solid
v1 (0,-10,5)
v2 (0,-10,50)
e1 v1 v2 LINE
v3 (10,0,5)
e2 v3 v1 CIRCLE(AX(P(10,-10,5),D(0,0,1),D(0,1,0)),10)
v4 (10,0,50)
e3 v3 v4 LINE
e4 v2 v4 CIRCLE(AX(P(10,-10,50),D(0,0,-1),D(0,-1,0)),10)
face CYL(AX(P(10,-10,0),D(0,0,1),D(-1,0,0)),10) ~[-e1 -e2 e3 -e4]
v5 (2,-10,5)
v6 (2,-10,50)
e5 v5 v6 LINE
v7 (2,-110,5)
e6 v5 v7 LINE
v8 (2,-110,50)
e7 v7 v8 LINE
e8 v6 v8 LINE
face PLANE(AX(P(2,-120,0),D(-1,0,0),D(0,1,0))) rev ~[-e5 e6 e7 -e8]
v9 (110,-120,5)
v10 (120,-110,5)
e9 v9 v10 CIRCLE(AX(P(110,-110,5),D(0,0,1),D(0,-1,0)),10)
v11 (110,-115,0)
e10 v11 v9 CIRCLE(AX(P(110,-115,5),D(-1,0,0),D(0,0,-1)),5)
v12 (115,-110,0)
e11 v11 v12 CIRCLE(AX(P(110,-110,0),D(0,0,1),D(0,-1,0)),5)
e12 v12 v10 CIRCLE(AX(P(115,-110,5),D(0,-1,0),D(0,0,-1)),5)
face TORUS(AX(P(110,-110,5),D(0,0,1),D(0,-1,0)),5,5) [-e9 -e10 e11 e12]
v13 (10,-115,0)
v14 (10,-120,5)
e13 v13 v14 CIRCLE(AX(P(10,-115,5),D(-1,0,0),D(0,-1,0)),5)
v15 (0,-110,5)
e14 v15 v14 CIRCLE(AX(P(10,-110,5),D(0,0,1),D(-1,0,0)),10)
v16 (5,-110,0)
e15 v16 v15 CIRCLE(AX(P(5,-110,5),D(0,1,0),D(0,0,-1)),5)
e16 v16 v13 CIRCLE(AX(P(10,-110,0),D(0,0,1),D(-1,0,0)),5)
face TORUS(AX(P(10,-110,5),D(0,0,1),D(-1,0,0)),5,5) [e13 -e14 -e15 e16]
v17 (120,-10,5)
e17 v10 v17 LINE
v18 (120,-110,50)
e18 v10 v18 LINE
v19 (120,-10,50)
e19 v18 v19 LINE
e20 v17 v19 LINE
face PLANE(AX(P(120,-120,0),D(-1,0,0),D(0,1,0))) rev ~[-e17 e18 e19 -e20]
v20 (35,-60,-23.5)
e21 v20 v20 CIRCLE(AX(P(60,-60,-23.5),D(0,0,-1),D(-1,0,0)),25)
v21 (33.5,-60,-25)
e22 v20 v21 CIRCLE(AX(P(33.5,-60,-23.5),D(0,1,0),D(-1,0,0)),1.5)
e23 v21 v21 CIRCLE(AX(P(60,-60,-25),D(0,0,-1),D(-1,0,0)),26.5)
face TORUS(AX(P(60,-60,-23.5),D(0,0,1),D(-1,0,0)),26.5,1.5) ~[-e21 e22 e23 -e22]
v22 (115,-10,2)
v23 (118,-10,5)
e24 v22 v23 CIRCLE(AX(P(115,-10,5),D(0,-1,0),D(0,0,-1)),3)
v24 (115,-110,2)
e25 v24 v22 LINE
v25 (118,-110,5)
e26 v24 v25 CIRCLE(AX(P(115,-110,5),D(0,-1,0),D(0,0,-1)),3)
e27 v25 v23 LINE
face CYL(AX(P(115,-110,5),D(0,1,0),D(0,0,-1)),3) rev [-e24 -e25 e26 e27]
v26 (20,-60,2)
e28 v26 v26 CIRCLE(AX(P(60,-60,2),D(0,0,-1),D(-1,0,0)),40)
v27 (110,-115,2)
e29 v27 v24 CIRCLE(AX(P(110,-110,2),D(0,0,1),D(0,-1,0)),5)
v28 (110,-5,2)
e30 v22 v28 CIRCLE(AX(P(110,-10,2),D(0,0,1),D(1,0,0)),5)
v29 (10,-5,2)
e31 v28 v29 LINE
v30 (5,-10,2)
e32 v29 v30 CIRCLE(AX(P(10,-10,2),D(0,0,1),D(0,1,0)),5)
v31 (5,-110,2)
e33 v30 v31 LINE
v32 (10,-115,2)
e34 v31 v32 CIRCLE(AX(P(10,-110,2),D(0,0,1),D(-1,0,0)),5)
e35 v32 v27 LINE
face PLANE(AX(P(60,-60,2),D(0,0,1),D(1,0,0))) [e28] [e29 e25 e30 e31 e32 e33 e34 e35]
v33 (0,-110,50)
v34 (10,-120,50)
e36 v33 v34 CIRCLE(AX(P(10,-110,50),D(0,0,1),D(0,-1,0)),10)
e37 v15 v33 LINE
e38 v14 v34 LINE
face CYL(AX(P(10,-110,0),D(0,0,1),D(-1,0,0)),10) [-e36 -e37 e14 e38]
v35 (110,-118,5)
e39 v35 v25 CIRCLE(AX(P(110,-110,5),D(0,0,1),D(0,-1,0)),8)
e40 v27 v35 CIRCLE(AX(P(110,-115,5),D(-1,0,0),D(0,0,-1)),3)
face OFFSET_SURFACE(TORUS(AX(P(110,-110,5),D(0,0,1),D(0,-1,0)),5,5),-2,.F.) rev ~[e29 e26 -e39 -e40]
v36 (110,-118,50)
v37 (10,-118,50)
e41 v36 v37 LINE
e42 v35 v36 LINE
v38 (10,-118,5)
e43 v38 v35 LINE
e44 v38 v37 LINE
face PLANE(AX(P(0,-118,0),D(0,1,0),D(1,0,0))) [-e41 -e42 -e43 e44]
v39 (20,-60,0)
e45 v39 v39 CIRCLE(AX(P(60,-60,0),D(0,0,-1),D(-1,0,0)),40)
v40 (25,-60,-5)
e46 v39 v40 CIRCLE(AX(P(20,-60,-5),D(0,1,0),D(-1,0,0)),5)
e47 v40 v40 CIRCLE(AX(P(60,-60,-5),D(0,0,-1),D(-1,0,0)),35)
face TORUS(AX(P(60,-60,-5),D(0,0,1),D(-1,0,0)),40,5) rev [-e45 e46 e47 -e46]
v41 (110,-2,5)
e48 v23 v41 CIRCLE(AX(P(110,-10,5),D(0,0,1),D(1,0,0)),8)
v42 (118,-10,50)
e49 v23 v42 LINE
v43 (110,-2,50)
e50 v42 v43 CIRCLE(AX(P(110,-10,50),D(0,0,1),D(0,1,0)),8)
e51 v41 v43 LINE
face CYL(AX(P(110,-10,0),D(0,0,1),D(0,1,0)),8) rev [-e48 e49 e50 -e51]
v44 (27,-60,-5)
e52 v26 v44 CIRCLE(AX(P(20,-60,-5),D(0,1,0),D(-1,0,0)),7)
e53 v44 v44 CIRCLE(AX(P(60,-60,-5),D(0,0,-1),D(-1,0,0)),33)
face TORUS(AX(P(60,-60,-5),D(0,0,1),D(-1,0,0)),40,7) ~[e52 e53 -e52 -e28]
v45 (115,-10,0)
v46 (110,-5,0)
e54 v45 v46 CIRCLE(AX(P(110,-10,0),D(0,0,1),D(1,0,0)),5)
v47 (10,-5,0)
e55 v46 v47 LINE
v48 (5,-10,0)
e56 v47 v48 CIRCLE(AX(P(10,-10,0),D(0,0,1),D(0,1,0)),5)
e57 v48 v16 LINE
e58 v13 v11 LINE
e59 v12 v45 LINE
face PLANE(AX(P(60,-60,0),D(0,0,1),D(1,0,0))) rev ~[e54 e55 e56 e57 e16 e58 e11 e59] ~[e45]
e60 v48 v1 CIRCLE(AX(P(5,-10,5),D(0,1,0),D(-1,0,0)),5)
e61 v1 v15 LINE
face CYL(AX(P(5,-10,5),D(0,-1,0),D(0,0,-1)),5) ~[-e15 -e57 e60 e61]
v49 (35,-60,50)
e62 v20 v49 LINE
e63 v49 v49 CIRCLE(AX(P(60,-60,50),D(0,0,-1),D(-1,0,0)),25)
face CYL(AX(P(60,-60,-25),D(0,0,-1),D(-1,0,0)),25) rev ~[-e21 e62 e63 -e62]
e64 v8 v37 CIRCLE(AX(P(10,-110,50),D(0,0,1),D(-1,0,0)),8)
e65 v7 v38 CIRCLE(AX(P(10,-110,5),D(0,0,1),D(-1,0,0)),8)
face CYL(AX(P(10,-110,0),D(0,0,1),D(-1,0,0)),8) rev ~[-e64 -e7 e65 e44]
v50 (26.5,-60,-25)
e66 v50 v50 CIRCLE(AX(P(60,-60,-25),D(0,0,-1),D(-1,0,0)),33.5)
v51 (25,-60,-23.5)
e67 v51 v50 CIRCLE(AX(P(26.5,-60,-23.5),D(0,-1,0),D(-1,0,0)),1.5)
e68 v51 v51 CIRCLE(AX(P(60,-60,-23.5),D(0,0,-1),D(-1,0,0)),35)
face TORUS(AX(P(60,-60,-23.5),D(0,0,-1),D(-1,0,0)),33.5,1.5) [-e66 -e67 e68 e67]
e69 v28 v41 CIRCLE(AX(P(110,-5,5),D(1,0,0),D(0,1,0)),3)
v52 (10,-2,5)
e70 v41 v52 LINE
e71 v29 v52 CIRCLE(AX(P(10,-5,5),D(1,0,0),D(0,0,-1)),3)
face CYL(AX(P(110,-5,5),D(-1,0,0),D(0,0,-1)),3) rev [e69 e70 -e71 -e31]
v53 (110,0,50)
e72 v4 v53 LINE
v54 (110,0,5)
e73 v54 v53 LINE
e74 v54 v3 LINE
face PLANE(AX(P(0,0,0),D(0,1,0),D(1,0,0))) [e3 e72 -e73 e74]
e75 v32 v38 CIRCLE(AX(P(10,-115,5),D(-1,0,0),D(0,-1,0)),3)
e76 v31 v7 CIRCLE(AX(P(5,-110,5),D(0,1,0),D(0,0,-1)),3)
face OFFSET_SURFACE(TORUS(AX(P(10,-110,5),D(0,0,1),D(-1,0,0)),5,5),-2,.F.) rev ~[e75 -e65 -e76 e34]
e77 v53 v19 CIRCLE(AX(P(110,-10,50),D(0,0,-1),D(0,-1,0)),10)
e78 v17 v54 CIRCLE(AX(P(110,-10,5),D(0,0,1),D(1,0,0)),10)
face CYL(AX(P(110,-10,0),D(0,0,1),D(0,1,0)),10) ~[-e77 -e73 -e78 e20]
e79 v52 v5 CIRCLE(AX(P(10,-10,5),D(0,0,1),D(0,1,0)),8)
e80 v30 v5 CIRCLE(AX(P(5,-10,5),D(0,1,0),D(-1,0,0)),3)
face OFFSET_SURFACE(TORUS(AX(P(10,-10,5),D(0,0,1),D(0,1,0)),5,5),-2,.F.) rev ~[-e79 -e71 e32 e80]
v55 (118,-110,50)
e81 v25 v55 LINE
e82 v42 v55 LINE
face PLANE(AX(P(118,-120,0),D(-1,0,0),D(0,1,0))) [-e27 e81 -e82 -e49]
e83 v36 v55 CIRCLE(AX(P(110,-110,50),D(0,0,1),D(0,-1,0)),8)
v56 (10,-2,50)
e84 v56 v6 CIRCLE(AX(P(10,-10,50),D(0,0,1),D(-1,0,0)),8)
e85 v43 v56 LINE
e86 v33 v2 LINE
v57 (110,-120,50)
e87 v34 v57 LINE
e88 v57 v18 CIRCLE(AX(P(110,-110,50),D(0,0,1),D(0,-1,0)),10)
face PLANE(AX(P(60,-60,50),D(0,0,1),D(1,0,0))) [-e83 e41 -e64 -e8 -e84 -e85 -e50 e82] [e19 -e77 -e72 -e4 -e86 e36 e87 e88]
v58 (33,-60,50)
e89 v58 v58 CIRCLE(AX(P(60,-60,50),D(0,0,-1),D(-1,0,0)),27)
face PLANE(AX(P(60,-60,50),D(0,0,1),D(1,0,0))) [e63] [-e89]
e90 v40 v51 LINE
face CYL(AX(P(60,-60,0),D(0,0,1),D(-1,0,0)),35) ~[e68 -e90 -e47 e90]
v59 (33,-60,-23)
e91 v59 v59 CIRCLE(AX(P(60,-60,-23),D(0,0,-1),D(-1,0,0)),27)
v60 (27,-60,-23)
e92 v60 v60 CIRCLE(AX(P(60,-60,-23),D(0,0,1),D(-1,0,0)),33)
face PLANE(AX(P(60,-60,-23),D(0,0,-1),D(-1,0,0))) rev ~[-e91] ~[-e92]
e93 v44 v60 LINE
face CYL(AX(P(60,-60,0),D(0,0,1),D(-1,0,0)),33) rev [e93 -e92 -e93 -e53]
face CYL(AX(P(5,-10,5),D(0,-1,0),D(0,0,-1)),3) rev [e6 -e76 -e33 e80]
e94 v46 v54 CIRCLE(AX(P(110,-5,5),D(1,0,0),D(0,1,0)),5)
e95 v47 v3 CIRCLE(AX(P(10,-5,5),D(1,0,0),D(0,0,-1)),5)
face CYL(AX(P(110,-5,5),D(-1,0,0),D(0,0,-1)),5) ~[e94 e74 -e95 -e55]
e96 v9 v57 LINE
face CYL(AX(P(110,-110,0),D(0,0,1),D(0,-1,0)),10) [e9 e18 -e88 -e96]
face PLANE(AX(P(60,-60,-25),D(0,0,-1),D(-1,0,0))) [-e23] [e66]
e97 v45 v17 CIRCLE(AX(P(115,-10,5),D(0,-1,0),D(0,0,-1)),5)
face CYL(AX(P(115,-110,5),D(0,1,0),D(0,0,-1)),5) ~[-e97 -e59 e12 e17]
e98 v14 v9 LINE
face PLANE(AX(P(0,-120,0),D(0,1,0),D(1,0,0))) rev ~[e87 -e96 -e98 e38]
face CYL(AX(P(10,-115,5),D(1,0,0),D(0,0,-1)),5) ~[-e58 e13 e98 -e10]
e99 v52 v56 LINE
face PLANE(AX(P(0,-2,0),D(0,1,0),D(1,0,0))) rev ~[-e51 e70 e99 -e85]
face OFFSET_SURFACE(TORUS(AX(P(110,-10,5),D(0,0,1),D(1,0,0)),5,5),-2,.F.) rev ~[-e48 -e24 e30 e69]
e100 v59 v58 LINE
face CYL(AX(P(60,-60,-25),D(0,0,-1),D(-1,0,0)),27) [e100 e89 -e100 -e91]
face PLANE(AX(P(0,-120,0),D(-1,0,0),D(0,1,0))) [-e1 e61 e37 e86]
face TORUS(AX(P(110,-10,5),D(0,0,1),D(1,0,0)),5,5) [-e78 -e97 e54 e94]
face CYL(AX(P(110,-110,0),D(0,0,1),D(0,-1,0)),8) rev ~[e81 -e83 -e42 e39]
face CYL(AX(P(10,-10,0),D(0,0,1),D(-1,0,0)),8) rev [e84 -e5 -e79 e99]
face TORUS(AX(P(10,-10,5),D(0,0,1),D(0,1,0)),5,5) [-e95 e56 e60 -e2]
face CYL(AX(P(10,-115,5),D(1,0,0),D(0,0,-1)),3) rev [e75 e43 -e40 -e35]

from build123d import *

# Parameters (mm, degrees)
SKETCH3_W           = 120
SKETCH3_H           = 120
BOSS_EXTRUDE2_DEPTH = 50
SKETCH6_R           = 35
BOSS_EXTRUDE3_DEPTH = 25
SKETCH8_R           = 25
CUT_EXTRUDE1_DEPTH  = 80
FILLET1_R           = 1.5
FILLET2_R           = 10
FILLET3_R           = 5
SHELL1_T            = -2


with BuildPart() as part:
    # Sketch3 → Boss-Extrude2 (new body)
    with BuildSketch(Plane.XY):
        with Locations((60, -60)):
            Rectangle(SKETCH3_W, SKETCH3_H)
    extrude(amount=BOSS_EXTRUDE2_DEPTH)

    # Sketch6 → Boss-Extrude3 (add)
    with BuildSketch(Plane(origin=(0, 0, 0), x_dir=(-1, 0, 0), z_dir=(0, 0, -1))):
        with Locations((-60, -60)):
            Circle(SKETCH6_R)
    extrude(amount=BOSS_EXTRUDE3_DEPTH)

    # Sketch8 → Cut-Extrude1 (cut)
    with BuildSketch(Plane(origin=(0, 0, -25), x_dir=(-1, 0, 0), z_dir=(0, 0, -1))):
        with Locations((-60, -60)):
            Circle(SKETCH8_R)
    extrude(amount=-CUT_EXTRUDE1_DEPTH, mode=Mode.SUBTRACT)

    # Fillet1
    fillet1_edges = [part.edges().sort_by_distance(p)[0] for p in [
        (95, -60, -25),
        (85, -60, -25),
    ]]
    fillet(fillet1_edges, radius=FILLET1_R)

    # Fillet2
    fillet2_edges = [part.edges().sort_by_distance(p)[0] for p in [
        (0, 0, 25),
        (120, 0, 25),
        (120, -120, 25),
        (0, -120, 25),
    ]]
    fillet(fillet2_edges, radius=FILLET2_R)

    # Fillet3
    fillet3_edges = [part.edges().sort_by_distance(p)[0] for p in [
        (95, -60, 0),
        (120, -60, 0),
        (0, -60, 0),
        (60, 0, 0),
        (60, -120, 0),
        (2.928932188, -117.071067812, 0),
        (117.071067812, -2.928932188, 0),
        (2.928932188, -2.928932188, 0),
        (117.071067812, -117.071067812, 0),
    ]]
    fillet(fillet3_edges, radius=FILLET3_R)

    # Shell1
    shell1_openings = [part.faces().sort_by_distance(p)[0] for p in [
        (85, -60, 50),
    ]]
    offset(amount=SHELL1_T, openings=shell1_openings, kind=Kind.INTERSECTION)


solid = part.part
